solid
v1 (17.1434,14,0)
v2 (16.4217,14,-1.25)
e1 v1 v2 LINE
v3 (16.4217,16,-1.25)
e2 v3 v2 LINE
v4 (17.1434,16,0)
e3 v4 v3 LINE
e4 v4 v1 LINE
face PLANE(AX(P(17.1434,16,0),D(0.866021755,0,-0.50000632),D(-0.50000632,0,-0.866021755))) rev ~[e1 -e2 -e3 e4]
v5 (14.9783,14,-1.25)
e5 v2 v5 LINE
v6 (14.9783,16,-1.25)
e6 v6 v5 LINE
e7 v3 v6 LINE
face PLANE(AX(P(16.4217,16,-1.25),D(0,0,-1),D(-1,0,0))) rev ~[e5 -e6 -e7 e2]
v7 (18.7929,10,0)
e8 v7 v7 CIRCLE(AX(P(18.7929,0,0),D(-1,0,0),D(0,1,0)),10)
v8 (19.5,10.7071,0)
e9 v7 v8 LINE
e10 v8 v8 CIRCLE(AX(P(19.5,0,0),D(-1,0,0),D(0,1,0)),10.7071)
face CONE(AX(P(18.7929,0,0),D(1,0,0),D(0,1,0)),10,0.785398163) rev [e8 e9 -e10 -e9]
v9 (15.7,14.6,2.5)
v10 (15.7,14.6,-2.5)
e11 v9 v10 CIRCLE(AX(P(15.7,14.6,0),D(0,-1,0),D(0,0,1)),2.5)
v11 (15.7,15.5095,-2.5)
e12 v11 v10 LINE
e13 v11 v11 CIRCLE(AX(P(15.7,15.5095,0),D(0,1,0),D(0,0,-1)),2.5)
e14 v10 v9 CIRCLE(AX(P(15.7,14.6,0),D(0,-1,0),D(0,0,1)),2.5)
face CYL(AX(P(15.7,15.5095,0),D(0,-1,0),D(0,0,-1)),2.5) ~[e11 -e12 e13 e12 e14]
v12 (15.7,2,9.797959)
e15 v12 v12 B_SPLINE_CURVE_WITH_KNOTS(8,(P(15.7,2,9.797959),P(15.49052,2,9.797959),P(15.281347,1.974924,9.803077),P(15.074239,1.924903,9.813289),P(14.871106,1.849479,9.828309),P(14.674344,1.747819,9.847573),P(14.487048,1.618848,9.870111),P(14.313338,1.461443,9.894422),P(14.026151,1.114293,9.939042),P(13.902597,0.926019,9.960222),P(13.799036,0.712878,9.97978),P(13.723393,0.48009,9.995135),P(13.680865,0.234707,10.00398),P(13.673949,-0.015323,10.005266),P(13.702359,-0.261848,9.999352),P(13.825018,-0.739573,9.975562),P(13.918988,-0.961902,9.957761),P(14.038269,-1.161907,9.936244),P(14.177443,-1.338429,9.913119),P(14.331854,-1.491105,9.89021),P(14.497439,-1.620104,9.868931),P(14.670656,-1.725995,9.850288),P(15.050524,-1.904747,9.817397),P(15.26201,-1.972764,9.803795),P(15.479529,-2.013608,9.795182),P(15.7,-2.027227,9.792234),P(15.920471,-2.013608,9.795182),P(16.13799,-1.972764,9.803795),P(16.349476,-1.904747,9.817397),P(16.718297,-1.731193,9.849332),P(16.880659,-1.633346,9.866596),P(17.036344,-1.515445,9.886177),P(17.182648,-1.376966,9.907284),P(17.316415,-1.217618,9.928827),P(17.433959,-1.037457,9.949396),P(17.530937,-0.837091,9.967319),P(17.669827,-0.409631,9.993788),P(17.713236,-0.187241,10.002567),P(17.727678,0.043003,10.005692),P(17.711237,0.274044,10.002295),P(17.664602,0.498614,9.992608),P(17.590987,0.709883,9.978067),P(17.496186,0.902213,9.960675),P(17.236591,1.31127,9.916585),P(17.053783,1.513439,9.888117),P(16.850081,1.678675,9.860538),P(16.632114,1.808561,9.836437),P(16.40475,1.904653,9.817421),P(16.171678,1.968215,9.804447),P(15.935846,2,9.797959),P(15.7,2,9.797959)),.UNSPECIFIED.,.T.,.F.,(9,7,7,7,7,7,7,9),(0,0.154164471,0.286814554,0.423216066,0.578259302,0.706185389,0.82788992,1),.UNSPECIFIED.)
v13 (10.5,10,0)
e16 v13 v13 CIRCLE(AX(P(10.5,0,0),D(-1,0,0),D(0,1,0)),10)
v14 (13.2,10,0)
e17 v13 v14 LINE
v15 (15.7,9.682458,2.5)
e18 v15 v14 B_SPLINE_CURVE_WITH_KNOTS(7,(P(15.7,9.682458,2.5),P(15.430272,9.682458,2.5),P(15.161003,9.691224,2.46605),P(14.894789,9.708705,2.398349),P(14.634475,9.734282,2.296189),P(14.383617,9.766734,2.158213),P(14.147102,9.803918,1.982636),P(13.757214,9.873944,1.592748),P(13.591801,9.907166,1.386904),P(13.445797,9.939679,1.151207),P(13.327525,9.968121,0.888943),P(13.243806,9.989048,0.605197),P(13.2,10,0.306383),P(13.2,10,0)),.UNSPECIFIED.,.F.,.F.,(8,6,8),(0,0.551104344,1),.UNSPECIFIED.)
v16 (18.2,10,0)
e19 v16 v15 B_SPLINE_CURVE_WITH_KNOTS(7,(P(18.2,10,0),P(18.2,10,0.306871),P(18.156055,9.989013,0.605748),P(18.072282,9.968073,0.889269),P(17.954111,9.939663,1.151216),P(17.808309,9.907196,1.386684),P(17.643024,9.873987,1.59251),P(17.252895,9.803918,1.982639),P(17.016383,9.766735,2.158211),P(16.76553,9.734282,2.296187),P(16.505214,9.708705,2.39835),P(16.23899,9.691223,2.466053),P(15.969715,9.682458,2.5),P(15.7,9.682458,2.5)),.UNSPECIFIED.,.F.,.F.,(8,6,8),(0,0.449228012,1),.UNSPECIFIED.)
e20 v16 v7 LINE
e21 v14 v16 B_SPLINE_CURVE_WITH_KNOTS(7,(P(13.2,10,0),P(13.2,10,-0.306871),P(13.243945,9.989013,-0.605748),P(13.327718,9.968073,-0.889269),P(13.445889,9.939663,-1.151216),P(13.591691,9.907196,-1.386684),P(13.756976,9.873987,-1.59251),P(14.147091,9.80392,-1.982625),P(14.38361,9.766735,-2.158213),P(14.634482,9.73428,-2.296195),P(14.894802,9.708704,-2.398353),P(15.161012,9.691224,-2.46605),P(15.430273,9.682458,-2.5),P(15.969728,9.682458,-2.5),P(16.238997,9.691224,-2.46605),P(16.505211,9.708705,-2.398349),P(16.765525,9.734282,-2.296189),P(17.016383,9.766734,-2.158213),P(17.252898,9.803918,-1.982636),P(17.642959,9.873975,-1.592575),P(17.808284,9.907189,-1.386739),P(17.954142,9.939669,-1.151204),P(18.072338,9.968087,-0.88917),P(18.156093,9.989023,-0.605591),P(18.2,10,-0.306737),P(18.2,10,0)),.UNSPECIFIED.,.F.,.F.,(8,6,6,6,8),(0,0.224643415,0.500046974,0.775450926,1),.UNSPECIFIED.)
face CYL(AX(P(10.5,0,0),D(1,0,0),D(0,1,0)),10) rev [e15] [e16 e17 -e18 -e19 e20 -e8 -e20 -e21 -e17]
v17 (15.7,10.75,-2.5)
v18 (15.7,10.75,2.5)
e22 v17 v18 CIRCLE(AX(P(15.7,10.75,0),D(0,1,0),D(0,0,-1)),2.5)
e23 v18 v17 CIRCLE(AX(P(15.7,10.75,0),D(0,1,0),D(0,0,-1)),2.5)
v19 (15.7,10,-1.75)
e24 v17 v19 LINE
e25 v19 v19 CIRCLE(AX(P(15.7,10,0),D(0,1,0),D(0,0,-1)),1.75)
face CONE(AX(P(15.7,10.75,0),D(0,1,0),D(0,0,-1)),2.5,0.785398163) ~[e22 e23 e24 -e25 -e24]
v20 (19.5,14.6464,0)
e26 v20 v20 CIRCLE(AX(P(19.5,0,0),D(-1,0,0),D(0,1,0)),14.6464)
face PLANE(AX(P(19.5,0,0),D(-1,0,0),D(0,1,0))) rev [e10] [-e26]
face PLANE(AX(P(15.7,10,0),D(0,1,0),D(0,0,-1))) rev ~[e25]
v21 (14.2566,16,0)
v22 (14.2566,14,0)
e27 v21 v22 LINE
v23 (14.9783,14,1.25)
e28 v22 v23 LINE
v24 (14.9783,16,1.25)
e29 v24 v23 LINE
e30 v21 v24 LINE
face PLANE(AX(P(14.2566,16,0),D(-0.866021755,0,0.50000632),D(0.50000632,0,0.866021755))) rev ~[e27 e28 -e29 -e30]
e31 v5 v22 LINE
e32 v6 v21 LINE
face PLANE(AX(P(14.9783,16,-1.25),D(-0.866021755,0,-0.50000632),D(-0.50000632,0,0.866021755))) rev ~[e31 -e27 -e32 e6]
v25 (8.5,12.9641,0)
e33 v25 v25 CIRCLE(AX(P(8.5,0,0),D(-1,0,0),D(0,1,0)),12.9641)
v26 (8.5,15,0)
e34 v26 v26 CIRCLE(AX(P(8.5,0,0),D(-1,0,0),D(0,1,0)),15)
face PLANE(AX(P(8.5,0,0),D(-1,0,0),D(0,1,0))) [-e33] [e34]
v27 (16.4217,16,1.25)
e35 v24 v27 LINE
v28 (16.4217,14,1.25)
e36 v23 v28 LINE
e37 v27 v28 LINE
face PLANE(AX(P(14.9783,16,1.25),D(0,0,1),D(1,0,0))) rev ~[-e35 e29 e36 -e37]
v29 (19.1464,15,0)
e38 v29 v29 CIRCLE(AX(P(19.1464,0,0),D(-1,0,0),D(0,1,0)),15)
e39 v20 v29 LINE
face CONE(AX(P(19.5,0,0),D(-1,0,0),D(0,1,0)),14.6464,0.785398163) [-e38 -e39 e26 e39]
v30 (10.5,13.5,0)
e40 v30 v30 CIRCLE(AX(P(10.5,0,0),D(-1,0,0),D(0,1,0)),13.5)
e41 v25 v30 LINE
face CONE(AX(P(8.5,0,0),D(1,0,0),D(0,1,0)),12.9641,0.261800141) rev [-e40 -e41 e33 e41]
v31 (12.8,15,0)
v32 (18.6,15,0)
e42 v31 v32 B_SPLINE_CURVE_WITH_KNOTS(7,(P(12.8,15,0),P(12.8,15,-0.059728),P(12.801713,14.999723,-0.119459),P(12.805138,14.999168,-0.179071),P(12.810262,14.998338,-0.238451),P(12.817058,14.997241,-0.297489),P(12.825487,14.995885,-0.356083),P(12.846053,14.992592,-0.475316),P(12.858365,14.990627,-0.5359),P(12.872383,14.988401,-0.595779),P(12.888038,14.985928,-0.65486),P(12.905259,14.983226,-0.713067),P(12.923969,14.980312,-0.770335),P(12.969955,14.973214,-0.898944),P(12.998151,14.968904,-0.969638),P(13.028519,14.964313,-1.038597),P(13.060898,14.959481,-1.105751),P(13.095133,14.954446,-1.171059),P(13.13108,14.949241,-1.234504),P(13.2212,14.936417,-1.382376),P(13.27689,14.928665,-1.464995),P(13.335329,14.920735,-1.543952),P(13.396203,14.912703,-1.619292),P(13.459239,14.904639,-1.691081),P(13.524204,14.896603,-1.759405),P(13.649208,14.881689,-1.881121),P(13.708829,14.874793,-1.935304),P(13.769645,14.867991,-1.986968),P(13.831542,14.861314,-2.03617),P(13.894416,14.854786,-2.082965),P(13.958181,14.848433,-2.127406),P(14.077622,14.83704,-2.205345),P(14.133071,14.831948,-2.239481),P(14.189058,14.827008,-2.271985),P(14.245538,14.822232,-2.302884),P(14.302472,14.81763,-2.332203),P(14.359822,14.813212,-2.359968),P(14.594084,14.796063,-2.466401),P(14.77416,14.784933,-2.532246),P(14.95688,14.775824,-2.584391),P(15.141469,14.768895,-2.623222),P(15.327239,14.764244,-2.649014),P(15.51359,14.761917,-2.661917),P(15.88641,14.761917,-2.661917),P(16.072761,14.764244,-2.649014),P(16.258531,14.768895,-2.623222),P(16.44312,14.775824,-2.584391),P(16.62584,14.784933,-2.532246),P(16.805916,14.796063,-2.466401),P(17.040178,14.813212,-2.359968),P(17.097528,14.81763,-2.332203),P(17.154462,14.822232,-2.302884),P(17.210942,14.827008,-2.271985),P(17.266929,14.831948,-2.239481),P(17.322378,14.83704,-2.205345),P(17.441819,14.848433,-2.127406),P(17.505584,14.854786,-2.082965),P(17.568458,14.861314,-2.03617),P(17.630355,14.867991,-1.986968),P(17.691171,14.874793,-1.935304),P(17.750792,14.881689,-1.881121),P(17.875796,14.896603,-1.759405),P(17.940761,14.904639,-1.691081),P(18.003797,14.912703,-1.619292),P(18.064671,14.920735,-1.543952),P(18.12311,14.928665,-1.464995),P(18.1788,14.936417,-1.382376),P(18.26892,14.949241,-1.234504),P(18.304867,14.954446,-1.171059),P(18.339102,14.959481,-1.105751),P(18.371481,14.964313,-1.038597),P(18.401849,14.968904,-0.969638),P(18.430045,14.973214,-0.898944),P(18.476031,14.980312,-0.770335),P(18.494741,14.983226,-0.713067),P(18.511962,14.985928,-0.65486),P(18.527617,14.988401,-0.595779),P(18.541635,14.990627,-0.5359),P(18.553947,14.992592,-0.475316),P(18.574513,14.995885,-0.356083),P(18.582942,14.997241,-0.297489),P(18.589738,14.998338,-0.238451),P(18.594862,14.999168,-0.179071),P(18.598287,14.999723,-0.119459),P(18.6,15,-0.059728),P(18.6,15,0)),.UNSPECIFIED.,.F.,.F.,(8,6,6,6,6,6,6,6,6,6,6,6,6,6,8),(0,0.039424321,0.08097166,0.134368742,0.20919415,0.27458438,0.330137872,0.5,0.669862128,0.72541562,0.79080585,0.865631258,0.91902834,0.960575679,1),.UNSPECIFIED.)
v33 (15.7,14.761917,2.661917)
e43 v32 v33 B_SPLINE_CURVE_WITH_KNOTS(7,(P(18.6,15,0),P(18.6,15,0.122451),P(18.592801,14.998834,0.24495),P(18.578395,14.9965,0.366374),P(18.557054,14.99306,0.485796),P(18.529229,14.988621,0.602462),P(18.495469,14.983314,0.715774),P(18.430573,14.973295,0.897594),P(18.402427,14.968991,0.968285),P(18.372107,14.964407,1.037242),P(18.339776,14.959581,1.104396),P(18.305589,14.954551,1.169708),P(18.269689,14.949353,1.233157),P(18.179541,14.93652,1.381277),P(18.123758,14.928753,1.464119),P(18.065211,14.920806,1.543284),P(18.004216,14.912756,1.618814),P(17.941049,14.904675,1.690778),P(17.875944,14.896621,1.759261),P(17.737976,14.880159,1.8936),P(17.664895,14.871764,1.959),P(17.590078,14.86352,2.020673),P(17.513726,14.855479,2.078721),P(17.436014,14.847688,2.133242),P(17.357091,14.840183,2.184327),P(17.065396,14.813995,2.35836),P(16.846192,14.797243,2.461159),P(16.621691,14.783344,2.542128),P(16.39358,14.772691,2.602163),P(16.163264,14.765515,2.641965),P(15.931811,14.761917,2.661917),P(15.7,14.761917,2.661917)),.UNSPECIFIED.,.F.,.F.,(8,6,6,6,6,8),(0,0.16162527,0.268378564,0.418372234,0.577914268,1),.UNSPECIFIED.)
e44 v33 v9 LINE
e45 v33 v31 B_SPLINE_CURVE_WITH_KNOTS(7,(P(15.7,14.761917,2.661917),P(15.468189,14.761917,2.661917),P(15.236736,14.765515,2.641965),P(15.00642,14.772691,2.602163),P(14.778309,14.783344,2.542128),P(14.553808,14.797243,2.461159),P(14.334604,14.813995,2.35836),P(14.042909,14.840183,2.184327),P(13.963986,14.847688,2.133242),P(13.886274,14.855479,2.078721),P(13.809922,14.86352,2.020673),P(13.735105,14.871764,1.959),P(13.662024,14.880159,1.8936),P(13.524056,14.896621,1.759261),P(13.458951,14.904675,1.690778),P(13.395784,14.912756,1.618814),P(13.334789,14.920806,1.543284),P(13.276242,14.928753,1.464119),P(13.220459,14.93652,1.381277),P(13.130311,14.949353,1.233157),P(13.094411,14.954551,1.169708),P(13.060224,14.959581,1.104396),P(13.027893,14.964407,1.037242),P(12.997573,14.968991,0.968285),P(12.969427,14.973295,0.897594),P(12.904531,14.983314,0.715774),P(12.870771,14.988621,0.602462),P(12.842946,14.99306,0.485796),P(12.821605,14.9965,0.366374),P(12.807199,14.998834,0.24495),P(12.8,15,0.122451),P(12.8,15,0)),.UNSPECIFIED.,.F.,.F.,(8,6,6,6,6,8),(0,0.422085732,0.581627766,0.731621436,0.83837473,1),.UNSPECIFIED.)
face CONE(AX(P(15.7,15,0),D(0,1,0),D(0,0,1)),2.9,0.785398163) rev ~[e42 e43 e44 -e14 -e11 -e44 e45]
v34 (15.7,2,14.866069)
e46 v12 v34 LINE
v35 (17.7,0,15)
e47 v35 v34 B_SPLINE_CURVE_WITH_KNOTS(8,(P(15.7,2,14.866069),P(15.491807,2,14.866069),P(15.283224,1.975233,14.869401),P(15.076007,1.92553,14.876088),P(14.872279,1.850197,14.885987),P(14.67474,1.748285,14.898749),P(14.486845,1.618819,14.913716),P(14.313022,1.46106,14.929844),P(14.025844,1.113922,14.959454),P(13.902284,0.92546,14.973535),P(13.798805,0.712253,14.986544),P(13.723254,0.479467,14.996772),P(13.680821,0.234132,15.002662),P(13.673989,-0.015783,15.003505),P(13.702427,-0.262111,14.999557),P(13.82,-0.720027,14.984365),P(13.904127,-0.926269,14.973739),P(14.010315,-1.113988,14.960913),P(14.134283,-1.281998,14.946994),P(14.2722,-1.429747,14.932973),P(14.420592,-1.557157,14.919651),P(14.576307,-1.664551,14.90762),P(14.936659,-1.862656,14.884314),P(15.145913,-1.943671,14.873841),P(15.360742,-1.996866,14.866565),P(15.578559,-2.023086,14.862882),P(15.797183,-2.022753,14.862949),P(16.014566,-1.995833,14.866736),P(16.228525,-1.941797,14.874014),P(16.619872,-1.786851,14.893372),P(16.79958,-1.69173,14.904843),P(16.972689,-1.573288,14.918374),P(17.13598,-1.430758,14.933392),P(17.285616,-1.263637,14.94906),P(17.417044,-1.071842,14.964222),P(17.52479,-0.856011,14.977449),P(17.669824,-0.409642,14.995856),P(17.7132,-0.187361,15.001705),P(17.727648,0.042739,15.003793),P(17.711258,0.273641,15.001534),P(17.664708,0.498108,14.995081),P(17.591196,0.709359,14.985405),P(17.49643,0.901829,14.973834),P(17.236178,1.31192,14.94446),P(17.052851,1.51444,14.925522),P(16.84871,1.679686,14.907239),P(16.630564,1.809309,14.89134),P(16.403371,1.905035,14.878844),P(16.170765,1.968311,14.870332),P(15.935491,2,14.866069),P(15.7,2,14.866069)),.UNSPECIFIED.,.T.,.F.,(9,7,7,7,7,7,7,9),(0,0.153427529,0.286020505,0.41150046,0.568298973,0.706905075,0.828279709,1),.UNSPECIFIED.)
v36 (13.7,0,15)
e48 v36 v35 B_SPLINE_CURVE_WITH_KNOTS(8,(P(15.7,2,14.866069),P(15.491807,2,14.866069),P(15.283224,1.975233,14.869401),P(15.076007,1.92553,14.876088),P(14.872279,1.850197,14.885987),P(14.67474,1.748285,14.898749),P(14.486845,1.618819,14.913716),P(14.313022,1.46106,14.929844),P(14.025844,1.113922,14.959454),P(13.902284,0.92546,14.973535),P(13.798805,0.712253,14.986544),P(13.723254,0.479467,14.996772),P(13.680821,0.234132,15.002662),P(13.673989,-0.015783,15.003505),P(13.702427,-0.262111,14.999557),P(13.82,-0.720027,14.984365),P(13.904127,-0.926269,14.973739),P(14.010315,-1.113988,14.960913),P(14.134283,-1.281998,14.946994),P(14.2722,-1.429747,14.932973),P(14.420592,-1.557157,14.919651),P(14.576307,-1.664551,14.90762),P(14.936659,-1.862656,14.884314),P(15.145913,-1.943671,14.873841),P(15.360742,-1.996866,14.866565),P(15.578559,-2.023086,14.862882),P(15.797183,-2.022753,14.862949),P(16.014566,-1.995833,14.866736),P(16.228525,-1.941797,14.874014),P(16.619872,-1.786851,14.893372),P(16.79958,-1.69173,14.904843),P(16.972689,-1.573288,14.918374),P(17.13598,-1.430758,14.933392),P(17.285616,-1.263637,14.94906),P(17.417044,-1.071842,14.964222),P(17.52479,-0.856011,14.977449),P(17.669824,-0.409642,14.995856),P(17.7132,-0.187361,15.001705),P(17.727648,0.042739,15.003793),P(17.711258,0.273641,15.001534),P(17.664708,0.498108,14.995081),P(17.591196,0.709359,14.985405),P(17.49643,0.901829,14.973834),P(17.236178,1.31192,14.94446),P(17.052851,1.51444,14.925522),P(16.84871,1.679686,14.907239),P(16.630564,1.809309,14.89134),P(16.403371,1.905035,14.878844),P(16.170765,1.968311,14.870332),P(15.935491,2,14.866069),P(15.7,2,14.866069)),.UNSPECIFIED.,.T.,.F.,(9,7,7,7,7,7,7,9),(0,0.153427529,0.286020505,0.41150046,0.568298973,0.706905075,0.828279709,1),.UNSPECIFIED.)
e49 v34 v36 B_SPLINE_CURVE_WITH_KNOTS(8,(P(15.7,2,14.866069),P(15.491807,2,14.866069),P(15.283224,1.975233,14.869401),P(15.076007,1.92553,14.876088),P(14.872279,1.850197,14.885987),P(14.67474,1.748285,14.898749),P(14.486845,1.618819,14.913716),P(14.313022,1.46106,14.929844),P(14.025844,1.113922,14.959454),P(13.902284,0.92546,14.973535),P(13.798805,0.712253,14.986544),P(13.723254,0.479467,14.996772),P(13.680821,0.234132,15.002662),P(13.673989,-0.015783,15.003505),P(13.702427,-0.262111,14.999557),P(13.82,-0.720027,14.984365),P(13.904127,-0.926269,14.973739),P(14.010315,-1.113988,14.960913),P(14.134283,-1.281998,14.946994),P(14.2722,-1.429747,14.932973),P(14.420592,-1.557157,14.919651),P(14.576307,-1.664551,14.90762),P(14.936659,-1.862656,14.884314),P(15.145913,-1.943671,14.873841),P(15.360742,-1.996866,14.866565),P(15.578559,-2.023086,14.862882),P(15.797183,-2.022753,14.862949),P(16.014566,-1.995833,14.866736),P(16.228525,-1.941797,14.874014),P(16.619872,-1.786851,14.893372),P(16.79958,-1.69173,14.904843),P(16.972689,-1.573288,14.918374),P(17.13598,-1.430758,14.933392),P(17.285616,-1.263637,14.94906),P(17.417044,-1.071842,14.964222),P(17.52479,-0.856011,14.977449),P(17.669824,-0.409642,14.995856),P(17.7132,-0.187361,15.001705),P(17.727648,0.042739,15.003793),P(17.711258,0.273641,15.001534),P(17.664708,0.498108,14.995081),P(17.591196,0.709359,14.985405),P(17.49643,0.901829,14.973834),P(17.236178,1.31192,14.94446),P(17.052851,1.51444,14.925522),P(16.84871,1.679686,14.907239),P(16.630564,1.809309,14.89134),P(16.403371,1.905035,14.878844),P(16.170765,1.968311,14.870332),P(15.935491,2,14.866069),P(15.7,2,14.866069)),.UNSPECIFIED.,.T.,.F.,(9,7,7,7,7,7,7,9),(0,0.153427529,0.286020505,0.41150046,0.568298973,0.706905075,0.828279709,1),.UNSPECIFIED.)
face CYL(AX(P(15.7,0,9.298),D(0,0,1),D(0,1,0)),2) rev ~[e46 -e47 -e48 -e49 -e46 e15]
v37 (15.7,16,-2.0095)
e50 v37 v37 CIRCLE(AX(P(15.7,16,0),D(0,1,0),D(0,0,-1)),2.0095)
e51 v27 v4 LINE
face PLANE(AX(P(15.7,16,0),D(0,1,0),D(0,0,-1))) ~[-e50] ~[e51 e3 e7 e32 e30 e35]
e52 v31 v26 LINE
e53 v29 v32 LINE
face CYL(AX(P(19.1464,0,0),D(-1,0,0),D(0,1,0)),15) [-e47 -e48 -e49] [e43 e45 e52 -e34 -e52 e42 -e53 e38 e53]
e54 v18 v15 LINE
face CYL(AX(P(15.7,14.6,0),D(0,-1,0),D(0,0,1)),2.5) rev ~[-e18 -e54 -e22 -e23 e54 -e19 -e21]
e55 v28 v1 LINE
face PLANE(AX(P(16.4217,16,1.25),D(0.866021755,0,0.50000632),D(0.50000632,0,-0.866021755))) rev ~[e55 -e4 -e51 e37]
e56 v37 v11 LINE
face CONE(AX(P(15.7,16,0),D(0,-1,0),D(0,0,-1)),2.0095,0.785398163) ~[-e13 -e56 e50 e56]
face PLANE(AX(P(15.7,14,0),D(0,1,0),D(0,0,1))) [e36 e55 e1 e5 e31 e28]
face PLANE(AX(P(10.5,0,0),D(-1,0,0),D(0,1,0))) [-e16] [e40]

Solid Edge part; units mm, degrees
sketch "Sketch1" plane through (0, 0, 0) normal (0, 0, 1) x (1, 0, 0)
  line L0 (8.5, 15) -> (8.5, 12.9641)
  line L1 (8.5, 12.9641) -> (10.5, 13.5)
  line L2 (10.5, 13.5) -> (10.5, 10)
  line L3 (10.5, 10) -> (18.7929, 10)
  line L4 (18.7929, 10) -> (19.5, 10.7071)
  line L5 (19.5, 10.7071) -> (19.5, 14.6464)
  line L6 (19.5, 14.6464) -> (19.1464, 15)
  line L7 (19.1464, 15) -> (8.5, 15)
revolve "RevolvedProtrusion1" add sketch "Sketch1" angle 360 about axis through (10.5, 0, 0) along (-1, 0, 0)
hole "Bohrung_1" at (15.7, 15, 0) direction (0, -1, 0) diameter 5 depth 5.8175 countersink diameter 5.8 countersink angle 90
hole "Bohrung_2" at (15.7, 0, 9.298) direction (0, 0, 1) diameter 4 depth 5.702
sketch "Sketch2" plane through (15.7, 0, 0) normal (1, 0, 0) x (0, 1, 0)
  line L0 (16, 0) -> (16, -2.0095)
  line L1 (16, -2.0095) -> (15.5095, -2.5)
  line L2 (15.5095, -2.5) -> (10.75, -2.5)
  line L3 (10.75, -2.5) -> (10, -1.75)
  line L4 (10, -1.75) -> (10, 0)
  line L5 (10, 0) -> (16, 0)
revolve "RevolvedProtrusion2" add sketch "Sketch2" angle 360 about axis through (15.7, 10, 0) along (0, 1, 0)
cosmetic_thread "Thread1" size "M5"
sketch "Sketch3" plane through (15.7, 16, 0) normal (0, 1, 0) x (-1, 0, 0)
  line L0 (-0.7217, 1.25) -> (-1.4434, 0)
  line L1 (-1.4434, 0) -> (-0.7217, -1.25)
  line L2 (-0.7217, -1.25) -> (0.7217, -1.25)
  line L3 (0.7217, -1.25) -> (1.4434, 0)
  line L4 (1.4434, 0) -> (0.7217, 1.25)
  line L5 (0.7217, 1.25) -> (-0.7217, 1.25)
extrude "Extrusionsausschnitt_1" cut sketch "Sketch3" against normal blind 2
properties part number "62599720_3"
